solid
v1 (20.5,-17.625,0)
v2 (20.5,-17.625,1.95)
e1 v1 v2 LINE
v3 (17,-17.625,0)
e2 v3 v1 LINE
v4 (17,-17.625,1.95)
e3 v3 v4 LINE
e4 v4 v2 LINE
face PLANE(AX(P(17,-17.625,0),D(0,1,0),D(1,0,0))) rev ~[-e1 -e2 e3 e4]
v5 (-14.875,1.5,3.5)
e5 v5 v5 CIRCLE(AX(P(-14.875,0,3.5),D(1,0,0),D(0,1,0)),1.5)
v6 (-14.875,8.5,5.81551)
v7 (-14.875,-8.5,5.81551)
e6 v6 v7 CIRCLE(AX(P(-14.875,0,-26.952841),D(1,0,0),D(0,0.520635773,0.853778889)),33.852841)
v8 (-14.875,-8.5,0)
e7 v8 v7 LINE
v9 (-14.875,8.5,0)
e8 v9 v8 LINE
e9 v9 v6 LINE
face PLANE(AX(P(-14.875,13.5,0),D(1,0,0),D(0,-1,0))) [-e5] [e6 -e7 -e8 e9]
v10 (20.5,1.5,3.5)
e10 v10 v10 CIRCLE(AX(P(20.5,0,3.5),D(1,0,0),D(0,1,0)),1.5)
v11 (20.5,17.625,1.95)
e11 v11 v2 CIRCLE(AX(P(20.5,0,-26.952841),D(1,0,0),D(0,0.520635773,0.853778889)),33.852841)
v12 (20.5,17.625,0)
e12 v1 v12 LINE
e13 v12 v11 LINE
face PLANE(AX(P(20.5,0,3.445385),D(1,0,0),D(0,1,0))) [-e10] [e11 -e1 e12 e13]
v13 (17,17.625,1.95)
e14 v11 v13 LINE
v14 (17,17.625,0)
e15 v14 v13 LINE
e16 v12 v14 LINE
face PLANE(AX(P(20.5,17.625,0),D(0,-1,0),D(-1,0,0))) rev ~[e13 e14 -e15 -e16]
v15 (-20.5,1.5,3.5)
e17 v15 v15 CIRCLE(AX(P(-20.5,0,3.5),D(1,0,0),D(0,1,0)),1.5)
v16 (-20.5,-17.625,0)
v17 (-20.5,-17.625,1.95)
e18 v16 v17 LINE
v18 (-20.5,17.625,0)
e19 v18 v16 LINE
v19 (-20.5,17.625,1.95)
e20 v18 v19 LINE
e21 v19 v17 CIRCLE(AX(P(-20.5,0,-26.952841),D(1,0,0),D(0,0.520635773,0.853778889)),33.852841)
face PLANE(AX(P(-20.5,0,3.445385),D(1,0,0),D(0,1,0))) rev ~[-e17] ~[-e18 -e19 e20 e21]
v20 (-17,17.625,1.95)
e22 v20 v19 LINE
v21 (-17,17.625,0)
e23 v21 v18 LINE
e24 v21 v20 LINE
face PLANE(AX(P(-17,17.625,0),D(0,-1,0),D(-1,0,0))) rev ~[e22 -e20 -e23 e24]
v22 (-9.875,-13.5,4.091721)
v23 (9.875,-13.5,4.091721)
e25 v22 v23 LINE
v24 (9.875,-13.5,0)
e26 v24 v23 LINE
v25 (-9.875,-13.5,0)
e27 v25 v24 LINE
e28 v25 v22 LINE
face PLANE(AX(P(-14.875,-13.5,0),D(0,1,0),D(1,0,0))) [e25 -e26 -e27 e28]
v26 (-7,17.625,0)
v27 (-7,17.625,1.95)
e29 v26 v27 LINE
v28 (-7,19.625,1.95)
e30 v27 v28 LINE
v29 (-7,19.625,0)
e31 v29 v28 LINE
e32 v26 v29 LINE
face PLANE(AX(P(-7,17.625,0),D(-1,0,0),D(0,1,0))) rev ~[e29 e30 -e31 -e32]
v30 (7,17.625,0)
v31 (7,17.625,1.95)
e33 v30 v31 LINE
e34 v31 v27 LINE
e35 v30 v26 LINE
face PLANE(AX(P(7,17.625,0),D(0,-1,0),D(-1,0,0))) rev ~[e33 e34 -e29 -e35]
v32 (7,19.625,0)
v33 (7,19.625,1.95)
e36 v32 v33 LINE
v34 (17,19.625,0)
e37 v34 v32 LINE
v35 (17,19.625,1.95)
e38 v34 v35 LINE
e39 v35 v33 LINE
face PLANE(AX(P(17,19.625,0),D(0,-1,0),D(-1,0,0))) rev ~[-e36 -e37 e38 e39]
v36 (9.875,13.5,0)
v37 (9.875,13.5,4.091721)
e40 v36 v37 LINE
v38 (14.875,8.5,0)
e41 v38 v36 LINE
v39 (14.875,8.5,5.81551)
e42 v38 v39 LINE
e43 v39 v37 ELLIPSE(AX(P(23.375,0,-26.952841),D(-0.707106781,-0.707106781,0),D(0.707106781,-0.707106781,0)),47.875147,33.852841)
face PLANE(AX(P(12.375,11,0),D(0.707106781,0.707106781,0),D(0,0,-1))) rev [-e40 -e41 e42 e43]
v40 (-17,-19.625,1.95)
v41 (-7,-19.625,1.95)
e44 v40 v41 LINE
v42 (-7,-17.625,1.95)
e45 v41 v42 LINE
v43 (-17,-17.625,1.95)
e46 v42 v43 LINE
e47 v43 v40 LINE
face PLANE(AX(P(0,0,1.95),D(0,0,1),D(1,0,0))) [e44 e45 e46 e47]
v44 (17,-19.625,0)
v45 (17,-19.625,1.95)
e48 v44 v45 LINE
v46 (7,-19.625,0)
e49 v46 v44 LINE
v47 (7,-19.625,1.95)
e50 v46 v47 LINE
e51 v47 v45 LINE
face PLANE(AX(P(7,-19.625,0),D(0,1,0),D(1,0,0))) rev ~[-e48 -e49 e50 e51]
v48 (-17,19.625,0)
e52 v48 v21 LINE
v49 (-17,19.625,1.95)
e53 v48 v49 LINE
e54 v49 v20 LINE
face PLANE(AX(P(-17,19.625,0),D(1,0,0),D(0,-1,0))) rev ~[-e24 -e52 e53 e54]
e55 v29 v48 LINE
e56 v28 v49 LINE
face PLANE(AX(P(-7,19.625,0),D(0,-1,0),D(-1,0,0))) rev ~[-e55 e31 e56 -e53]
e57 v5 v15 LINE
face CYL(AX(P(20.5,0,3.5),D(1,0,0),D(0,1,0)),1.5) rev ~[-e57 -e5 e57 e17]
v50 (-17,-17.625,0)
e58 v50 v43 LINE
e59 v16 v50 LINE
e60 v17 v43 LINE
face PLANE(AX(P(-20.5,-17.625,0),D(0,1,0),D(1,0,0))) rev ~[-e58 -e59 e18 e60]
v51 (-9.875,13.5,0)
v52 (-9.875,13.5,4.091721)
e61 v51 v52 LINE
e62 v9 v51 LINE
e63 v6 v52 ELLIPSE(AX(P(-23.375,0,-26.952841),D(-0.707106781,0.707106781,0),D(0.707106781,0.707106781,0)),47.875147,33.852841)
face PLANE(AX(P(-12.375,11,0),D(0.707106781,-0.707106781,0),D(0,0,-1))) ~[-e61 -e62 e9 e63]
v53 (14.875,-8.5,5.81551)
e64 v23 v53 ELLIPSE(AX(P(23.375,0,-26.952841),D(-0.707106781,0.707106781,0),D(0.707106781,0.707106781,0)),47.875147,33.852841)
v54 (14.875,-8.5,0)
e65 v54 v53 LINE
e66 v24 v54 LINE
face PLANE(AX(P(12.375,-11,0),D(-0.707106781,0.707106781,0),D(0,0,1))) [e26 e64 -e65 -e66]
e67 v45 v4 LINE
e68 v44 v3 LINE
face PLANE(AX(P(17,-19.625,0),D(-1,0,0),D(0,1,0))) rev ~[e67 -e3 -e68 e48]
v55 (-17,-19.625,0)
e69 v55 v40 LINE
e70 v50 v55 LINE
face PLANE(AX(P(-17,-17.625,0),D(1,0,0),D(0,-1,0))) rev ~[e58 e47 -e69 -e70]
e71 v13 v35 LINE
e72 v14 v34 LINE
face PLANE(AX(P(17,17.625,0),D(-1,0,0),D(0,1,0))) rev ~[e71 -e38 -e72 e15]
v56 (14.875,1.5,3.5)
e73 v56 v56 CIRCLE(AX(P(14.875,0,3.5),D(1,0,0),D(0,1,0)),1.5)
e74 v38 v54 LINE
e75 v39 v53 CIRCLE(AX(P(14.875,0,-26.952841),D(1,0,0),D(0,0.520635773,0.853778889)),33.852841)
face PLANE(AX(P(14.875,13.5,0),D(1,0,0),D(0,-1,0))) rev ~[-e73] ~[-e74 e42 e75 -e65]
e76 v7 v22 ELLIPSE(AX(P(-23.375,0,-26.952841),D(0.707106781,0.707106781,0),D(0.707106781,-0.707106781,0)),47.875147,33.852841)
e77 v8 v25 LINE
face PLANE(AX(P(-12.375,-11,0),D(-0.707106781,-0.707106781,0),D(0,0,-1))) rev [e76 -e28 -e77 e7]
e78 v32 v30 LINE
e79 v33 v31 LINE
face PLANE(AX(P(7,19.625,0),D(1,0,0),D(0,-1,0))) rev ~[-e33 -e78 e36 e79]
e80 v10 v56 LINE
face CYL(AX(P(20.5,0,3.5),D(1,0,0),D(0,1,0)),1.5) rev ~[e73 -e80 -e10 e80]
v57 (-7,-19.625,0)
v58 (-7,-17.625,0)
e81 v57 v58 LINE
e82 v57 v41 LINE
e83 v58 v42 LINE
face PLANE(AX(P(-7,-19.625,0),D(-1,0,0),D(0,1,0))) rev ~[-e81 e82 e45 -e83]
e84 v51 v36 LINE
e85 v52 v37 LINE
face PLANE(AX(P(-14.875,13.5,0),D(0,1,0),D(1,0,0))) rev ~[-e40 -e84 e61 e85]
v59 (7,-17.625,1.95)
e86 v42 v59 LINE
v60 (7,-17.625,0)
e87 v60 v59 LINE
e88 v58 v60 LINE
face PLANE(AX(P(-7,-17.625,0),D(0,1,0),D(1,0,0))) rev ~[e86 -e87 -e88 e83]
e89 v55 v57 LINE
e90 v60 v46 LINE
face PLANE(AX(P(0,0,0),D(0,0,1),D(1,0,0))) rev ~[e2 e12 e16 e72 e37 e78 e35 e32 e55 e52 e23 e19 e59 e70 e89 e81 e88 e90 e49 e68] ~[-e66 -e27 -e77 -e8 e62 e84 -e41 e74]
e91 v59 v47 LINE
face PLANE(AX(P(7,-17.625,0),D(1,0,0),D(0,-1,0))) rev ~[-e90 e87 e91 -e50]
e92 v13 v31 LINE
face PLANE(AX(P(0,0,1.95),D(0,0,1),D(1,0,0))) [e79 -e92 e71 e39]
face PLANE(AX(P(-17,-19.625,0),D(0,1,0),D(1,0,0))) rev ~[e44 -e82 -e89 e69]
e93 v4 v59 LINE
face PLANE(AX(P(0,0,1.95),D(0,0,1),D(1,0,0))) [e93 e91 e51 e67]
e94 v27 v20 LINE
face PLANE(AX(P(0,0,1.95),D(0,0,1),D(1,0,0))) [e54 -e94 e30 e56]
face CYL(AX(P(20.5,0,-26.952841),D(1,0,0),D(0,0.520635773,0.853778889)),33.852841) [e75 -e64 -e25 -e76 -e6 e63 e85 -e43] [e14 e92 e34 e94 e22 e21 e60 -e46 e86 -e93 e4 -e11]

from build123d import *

# Parameters (mm, degrees)
F1_DEPTH = 1.95
F2_R     = 1.5
F3_DEPTH = 41
F4_W     = 29.75
F4_H     = 27
F5_DEPTH = 6.901
F6_SIZE  = 5


with BuildPart() as f1:
    # F0 (on Top) → F1 (new body)
    with BuildSketch(Plane.XY):
        Polygon((-7, 19.625), (-17, 19.625), (-17, 17.625), (-20.5, 17.625), (-20.5, -17.625), (-17, -17.625), (-17, -19.625), (-7, -19.625), (-7, -17.625), (7, -17.625), (7, -19.625), (17, -19.625), (17, -17.625), (20.5, -17.625), (20.5, 17.625), (17, 17.625), (17, 19.625), (7, 19.625), (7, 17.625), (-7, 17.625), align=None)
    extrude(amount=F1_DEPTH)

    # F2 (on face) → F3 (join, through all)
    with BuildSketch(Plane.YZ.offset(20.5)):
        with BuildLine():
            Line((-17.625, 1.95), (17.625, 1.95))
            ThreePointArc((17.625, 1.95), (0, 6.9), (-17.625, 1.95))
        make_face()
        with Locations((0, 3.5)):
            Circle(F2_R, mode=Mode.SUBTRACT)
    extrude(amount=-F3_DEPTH)

    # F4 (on face) → F5 (cut, through all)
    with BuildSketch(Plane(origin=(0, 0, 0), x_dir=(1, 0, 0), z_dir=(0, 0, -1))):
        Rectangle(F4_W, F4_H)
    extrude(amount=-F5_DEPTH, mode=Mode.SUBTRACT)

    # F6
    f6_edges = [f1.edges().sort_by_distance(p)[0] for p in [
        (14.875, -13.5, 2.045861),
        (-14.875, -13.5, 2.045861),
        (14.875, 13.5, 2.045861),
        (-14.875, 13.5, 2.045861),
    ]]
    chamfer(f6_edges, length=F6_SIZE)


solid = f1.part
